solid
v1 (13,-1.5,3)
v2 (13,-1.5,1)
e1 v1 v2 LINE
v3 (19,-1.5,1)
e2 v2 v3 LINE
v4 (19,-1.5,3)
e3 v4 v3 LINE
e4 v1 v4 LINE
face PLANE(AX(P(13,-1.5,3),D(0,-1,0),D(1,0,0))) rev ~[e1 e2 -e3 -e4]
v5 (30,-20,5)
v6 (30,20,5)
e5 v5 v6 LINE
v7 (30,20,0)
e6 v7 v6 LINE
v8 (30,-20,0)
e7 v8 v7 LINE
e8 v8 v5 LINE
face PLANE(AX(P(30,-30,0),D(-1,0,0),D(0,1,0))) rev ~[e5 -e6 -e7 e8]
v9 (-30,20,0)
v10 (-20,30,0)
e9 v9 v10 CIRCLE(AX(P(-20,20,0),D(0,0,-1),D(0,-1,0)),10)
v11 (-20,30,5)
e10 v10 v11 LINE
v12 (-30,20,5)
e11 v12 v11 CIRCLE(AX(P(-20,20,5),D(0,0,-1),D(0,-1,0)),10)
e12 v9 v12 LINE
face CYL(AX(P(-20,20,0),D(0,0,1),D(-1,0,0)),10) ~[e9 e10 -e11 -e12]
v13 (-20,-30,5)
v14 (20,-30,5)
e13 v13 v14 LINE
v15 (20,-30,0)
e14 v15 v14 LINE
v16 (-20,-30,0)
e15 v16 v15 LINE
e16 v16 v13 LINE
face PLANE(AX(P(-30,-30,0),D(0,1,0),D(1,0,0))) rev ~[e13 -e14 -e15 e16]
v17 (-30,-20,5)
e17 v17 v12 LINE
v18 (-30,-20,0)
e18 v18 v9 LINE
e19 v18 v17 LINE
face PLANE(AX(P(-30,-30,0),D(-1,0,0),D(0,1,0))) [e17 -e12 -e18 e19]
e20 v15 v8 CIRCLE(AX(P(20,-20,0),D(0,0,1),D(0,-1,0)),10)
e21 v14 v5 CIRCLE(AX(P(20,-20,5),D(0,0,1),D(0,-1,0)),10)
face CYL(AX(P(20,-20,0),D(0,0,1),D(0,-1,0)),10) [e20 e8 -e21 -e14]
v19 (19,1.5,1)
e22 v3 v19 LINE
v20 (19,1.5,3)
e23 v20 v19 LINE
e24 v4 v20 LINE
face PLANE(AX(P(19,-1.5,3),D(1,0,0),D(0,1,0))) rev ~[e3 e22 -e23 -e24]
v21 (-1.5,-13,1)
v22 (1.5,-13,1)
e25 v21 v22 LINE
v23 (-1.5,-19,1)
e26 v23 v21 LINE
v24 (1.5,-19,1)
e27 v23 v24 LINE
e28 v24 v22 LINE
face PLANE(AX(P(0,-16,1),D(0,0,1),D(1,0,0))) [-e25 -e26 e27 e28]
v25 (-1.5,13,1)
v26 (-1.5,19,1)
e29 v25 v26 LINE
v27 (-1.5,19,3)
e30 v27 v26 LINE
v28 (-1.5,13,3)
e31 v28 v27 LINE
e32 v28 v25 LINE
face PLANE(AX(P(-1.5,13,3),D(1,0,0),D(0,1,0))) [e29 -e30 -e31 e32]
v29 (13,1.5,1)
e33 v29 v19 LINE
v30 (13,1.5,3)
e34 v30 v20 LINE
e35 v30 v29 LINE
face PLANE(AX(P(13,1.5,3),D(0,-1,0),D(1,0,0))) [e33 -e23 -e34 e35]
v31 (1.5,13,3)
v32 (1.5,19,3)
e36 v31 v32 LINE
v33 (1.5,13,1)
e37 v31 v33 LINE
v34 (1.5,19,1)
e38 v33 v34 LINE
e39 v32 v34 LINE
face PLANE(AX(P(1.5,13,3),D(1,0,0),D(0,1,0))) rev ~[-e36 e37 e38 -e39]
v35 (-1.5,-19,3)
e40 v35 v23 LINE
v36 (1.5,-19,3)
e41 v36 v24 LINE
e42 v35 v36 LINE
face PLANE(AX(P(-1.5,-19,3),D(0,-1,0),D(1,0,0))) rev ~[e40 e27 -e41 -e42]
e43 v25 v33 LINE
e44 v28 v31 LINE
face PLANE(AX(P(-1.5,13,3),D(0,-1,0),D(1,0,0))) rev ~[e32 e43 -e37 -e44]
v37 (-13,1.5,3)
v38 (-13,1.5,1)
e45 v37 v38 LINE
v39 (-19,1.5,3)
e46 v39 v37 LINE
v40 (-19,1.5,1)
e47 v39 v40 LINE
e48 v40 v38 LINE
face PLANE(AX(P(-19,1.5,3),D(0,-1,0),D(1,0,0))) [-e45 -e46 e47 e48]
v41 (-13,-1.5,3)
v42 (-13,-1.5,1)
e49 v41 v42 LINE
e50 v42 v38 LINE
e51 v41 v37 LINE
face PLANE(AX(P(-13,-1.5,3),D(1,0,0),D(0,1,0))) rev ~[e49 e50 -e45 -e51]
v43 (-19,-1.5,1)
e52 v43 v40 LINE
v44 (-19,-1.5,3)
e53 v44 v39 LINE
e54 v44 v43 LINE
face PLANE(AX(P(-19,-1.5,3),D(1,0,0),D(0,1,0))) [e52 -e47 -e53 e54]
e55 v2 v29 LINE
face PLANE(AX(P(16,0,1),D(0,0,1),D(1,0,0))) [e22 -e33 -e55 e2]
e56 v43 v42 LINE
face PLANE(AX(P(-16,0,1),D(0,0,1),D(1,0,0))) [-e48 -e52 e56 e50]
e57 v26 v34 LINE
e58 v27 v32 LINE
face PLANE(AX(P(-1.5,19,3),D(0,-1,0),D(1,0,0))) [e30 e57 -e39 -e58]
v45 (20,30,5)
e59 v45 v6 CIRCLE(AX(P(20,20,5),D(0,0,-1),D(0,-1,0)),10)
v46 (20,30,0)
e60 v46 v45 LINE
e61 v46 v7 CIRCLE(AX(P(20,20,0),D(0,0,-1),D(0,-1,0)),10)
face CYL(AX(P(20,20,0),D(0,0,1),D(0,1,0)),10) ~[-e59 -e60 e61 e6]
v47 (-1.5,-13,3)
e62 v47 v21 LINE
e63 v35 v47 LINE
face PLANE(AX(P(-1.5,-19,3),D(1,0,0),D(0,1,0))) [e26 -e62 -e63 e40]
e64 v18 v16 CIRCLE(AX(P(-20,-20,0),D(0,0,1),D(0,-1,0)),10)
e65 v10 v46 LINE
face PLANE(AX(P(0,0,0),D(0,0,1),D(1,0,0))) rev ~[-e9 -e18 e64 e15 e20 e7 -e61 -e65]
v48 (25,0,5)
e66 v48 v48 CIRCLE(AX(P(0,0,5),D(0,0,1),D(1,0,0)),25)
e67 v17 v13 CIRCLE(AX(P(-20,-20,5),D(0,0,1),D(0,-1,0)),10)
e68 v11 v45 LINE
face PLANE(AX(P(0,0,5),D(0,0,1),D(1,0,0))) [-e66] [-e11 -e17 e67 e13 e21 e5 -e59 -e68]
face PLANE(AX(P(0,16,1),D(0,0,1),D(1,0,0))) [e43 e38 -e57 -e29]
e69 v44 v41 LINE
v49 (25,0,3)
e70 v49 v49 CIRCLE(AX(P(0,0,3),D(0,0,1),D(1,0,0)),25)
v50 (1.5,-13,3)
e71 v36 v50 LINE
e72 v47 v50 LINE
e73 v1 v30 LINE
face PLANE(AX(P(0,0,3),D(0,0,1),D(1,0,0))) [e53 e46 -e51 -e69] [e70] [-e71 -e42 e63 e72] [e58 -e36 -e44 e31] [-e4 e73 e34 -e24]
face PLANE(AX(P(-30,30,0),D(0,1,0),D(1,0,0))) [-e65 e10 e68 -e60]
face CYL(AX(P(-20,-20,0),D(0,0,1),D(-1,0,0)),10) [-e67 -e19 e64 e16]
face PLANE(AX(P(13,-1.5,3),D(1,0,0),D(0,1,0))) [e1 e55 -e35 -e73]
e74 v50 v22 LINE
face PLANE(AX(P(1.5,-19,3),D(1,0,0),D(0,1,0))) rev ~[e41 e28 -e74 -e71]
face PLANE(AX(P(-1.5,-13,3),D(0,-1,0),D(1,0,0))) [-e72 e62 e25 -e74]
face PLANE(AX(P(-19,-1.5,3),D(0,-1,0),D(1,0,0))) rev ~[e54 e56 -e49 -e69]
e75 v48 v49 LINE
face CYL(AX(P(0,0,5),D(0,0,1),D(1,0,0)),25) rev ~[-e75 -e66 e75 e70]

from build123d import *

# Parameters (mm, degrees)
F0_W     = 60
F0_H     = 60
F1_DEPTH = 5
F2_R     = 25
F3_DEPTH = 2
F4_R     = 10
F5_W     = 6
F5_H     = 3
F5_W_2   = 3
F5_H_2   = 6
F6_DEPTH = 2


with BuildPart() as f1:
    # F0 (on Top) → F1 (new body)
    with BuildSketch(Plane.XY):
        Rectangle(F0_W, F0_H)
    extrude(amount=F1_DEPTH)

    # F2 (on face) → F3 (cut)
    with BuildSketch(Plane.XY.offset(5)):
        Circle(F2_R)
    extrude(amount=-F3_DEPTH, mode=Mode.SUBTRACT)

    # F4
    f4_edges = [f1.edges().sort_by_distance(p)[0] for p in [
        (30, -30, 2.5),
        (30, 30, 2.5),
        (-30, 30, 2.5),
        (-30, -30, 2.5),
    ]]
    fillet(f4_edges, radius=F4_R)

    # F5 (on face) → F6 (cut)
    with BuildSketch(Plane.XY.offset(3)):
        with Locations((-16, 0)):
            Rectangle(F5_W, F5_H)
        with Locations((0, 16)):
            Rectangle(F5_W_2, F5_H_2)
        with Locations((16, 0)):
            Rectangle(F5_W, F5_H)
        with Locations((0, -16)):
            Rectangle(F5_W_2, F5_H_2)
    extrude(amount=-F6_DEPTH, mode=Mode.SUBTRACT)


solid = f1.part
